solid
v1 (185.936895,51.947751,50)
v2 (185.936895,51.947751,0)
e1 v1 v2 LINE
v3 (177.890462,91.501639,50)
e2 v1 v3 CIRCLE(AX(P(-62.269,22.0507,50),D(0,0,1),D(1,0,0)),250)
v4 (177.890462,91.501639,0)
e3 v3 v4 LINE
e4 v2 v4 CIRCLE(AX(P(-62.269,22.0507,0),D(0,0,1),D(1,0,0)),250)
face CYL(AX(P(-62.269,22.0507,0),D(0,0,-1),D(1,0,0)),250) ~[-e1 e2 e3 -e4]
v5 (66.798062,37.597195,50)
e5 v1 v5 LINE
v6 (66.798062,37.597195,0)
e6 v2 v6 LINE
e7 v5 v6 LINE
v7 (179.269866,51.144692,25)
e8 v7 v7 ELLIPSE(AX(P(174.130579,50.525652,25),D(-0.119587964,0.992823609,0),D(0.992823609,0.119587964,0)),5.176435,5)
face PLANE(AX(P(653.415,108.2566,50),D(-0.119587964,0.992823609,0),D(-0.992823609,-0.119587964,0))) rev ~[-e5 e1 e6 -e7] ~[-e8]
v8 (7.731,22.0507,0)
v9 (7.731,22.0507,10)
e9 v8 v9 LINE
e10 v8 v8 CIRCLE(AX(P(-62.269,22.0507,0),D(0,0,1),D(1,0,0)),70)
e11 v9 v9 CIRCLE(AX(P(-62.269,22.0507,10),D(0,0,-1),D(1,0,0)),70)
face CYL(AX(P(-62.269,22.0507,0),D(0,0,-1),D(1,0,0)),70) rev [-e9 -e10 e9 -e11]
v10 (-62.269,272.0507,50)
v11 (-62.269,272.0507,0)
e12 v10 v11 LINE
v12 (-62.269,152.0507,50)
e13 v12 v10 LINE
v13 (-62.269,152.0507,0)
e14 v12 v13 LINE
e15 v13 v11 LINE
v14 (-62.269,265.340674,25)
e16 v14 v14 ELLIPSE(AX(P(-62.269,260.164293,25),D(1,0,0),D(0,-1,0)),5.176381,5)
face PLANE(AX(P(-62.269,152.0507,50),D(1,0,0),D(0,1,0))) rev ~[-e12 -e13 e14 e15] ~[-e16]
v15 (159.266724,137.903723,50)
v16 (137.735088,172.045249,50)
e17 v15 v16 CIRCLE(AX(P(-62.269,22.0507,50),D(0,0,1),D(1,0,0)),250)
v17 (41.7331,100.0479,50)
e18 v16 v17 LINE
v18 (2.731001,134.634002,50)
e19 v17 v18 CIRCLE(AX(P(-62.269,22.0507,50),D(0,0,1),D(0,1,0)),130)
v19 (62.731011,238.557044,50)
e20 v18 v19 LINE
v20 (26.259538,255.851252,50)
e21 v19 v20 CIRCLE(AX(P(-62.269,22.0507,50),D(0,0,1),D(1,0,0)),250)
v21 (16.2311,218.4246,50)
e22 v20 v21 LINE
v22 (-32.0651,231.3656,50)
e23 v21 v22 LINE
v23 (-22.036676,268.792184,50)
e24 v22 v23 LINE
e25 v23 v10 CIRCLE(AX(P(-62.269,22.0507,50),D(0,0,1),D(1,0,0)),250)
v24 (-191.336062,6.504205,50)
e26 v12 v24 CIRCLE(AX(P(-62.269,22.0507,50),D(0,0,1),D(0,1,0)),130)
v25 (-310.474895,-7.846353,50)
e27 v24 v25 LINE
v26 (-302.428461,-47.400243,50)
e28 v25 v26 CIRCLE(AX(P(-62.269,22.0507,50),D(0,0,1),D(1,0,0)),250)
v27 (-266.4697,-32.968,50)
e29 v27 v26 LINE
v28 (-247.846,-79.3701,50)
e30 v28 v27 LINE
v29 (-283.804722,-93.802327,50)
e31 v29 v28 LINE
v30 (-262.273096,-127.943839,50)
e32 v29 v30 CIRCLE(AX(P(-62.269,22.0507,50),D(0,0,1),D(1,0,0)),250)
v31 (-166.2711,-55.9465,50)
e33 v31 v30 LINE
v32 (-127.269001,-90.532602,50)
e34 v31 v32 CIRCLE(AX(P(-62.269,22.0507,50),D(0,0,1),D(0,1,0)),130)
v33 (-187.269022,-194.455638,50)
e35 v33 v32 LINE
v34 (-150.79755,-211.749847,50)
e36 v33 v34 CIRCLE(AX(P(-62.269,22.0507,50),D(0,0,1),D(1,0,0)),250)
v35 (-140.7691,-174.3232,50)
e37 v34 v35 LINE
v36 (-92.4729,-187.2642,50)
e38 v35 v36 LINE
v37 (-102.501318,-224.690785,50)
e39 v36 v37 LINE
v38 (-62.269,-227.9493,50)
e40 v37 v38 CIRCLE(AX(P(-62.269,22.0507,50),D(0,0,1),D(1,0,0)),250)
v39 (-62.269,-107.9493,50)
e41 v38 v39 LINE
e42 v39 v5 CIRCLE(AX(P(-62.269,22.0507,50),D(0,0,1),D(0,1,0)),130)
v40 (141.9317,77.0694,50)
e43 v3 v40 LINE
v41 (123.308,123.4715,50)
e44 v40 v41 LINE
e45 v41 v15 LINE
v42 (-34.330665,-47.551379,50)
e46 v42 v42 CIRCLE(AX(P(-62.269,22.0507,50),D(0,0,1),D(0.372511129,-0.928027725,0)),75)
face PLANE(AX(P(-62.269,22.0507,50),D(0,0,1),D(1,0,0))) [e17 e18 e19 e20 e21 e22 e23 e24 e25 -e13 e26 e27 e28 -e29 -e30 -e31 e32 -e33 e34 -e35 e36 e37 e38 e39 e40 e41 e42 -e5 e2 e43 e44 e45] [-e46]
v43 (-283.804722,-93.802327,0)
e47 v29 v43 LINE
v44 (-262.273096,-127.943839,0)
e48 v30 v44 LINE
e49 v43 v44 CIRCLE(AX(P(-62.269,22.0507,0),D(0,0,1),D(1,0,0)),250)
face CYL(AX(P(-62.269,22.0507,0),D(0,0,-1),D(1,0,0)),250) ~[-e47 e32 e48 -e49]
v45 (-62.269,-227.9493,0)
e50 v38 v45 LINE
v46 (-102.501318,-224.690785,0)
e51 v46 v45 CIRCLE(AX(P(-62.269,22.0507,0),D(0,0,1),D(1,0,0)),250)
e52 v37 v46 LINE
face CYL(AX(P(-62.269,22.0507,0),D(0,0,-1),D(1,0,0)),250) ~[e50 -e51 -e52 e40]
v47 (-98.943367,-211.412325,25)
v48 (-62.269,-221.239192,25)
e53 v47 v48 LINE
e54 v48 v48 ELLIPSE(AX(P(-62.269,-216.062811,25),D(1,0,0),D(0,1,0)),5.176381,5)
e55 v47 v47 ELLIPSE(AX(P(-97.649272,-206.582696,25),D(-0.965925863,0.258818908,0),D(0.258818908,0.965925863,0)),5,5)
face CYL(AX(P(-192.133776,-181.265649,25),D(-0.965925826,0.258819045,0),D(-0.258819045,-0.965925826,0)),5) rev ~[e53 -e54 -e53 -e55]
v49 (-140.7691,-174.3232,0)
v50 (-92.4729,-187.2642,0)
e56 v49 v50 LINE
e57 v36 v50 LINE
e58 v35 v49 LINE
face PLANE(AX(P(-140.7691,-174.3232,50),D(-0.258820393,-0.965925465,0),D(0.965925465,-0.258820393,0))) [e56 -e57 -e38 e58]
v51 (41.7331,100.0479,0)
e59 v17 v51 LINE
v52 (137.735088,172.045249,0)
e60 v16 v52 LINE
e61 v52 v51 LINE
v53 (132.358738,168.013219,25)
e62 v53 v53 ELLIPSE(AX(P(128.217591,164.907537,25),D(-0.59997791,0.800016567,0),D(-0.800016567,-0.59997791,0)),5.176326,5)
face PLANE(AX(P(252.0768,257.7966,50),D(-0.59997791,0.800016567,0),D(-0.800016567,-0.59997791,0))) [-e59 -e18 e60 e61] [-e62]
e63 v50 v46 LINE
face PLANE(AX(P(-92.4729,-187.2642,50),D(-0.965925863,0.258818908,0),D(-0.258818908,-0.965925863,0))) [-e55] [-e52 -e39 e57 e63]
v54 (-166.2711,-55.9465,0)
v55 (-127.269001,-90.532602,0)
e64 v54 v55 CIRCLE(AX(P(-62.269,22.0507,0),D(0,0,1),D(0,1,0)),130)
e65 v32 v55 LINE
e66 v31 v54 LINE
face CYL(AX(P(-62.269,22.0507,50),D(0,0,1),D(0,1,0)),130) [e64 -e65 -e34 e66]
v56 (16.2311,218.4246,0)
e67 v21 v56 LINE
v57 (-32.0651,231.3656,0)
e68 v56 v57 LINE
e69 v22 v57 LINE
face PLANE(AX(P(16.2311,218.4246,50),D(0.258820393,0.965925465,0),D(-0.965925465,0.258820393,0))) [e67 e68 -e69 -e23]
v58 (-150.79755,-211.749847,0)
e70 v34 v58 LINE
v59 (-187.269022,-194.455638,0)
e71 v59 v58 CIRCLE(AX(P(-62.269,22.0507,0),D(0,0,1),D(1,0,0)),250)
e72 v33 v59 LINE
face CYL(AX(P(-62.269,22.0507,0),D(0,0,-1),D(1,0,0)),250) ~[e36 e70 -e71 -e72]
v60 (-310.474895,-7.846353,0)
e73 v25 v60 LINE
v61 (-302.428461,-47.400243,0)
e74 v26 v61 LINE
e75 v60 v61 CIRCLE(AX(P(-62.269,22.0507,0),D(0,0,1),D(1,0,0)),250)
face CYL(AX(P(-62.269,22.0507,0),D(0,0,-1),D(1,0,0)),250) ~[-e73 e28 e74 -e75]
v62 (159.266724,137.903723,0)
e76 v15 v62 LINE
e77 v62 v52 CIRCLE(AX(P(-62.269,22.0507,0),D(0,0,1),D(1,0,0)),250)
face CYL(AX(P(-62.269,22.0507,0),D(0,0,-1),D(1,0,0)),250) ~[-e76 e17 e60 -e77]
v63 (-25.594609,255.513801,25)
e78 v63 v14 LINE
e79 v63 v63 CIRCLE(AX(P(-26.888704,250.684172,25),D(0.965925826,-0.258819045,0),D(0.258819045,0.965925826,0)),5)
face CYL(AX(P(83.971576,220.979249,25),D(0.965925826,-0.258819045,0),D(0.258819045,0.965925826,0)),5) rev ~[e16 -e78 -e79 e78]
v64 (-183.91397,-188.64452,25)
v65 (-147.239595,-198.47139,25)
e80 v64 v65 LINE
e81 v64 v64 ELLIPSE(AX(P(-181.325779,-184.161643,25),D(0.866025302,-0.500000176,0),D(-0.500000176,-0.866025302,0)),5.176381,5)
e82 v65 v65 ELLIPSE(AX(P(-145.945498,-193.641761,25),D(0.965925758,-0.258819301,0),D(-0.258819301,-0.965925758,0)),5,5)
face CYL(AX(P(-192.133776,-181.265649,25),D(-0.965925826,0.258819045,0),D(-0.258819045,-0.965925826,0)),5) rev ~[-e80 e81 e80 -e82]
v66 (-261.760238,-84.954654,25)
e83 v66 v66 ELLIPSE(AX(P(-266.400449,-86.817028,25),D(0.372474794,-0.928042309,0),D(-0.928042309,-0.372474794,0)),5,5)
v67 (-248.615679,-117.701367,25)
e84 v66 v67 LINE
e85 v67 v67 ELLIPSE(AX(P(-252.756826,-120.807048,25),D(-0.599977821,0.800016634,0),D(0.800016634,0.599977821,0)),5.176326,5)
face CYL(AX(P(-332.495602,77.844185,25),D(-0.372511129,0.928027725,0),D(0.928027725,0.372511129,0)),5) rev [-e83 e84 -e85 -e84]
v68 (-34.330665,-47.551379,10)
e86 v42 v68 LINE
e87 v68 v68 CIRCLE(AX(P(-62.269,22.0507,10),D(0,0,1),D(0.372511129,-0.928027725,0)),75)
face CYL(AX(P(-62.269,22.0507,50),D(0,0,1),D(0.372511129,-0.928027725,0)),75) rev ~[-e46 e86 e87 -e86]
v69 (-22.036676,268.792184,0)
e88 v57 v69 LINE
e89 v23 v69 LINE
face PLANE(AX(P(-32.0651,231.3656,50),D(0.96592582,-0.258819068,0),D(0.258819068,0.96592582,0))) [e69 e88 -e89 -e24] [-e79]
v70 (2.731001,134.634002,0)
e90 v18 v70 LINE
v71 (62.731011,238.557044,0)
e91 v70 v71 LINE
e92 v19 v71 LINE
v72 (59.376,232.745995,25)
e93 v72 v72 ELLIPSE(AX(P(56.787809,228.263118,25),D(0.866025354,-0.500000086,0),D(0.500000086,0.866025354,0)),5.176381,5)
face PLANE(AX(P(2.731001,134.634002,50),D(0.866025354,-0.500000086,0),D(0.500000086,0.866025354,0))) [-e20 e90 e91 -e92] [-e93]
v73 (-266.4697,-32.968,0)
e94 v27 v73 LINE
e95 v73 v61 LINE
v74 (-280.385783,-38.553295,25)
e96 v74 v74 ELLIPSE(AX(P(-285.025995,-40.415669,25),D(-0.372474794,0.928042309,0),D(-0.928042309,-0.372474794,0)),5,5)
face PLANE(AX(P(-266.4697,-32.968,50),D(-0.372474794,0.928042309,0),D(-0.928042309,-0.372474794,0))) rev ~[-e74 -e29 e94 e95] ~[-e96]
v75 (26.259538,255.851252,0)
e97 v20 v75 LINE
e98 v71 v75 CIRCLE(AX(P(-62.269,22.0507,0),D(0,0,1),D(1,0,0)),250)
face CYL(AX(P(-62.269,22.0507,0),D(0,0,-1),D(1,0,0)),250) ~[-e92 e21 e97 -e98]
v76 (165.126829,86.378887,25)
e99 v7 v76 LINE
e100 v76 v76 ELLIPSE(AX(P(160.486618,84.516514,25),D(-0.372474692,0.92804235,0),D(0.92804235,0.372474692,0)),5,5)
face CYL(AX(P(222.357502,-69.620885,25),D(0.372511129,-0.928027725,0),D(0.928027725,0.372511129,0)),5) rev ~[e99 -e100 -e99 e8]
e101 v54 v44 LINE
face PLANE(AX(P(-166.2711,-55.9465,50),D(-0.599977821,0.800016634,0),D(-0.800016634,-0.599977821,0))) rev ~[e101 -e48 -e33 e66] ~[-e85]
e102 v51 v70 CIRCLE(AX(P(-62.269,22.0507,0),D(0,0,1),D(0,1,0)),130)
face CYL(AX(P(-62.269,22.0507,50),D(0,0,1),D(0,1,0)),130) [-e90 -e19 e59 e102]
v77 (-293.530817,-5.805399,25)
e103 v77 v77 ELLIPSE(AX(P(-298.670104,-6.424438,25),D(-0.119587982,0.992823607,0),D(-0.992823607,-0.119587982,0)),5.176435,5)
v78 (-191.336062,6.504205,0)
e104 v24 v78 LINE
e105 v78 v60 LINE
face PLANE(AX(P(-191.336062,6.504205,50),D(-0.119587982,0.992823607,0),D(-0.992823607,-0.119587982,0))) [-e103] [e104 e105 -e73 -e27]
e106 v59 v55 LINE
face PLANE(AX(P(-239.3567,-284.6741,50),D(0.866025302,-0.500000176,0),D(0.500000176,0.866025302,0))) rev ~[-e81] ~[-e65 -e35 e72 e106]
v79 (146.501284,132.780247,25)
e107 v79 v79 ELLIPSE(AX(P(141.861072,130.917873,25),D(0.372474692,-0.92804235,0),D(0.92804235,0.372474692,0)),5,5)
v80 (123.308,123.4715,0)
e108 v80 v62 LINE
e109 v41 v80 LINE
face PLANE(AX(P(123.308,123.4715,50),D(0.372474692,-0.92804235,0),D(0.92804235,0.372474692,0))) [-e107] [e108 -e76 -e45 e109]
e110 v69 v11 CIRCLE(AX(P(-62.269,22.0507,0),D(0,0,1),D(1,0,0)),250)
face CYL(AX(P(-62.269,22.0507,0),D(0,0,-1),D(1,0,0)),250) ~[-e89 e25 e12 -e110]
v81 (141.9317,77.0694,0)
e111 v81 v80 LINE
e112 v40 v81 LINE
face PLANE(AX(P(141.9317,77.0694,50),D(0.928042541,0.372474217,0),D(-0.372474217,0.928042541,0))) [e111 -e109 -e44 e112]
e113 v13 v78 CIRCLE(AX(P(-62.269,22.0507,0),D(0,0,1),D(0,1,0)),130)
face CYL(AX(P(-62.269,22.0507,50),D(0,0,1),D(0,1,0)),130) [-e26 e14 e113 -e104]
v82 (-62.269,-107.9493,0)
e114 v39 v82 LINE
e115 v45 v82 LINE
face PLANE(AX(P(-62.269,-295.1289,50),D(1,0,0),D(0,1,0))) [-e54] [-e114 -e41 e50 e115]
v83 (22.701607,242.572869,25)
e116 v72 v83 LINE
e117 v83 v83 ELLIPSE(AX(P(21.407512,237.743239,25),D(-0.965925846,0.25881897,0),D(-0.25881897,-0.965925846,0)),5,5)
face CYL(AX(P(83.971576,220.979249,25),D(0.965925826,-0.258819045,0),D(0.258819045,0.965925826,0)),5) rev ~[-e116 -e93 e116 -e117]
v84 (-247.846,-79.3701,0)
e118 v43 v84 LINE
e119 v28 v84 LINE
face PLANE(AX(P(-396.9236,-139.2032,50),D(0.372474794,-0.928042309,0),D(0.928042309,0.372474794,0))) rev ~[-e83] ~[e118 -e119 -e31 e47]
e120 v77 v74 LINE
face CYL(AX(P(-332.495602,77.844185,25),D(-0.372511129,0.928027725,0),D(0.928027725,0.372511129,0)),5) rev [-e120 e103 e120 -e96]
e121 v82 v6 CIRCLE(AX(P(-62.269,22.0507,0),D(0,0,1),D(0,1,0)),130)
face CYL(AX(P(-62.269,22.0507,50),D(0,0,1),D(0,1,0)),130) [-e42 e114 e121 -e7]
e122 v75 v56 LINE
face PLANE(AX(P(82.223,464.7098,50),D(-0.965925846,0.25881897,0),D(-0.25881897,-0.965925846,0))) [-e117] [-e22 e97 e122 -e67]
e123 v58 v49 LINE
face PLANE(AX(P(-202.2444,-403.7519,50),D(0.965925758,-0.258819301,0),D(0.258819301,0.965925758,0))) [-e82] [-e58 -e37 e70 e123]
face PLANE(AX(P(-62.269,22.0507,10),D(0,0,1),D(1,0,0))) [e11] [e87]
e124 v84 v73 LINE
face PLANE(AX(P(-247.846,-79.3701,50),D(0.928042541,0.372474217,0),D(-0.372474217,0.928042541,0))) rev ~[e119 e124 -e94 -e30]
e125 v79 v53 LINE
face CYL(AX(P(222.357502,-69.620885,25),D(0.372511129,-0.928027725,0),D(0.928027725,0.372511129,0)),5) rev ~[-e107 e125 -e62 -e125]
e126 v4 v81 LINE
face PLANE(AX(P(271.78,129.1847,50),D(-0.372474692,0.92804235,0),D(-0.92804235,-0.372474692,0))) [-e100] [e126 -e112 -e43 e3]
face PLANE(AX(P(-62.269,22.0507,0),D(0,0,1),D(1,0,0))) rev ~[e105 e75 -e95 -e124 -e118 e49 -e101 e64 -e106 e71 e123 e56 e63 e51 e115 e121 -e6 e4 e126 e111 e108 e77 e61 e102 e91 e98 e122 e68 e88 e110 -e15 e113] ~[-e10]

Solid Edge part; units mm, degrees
sketch "Sketch1" plane through (0, 0, 0) normal (0, 0, 1) x (1, 0, 0)
  circle A0 centre (-62.269, 22.0507) radius 70
  circle A1 centre (-62.269, 22.0507) radius 250
  dimension "D1" = 500
  dimension "D2" = 140
extrude "Protrusion1" add sketch "Sketch1" along normal blind 50
sketch "Sketch2" plane through (-62.269, 22.0507, 50) normal (0, 0, 1) x (0, 1, 0)
  line L0 (-77.9972, 104.0021) -> (-224.2944, 299.0763)
  line L1 (-224.2944, 299.0763) -> (-306.7248, 177.0877)
  line L2 (-306.7248, 177.0877) -> (-112.5833, 65)
  arc A0 (-77.9972, 104.0021) -> (-112.5833, 65) centre (0, 0) ccw
  line L3 (112.5833, -65) -> (403.4538, -232.9342)
  line L4 (403.4538, -232.9342) -> (235.7459, -314.3458)
  line L5 (235.7459, -314.3458) -> (77.9972, -104.0021)
  arc A1 (77.9972, -104.0021) -> (112.5833, -65) centre (0, 0) ccw
  line L6 (-317.1796, 0) -> (-130, 0)
  arc A2 (-130, 0) -> (15.5465, -129.0671) centre (0, 0) ccw
  line L7 (86.2059, -715.684) -> (15.5465, -129.0671)
  line L8 (-317.1796, 0) -> (86.2059, -715.684)
  arc A3 (130, 0) -> (-15.5465, 129.0671) centre (0, 0) ccw
  line L9 (-15.5465, 129.0671) -> (-39.2378, 325.7531)
  line L10 (-39.2378, 325.7531) -> (379.3774, 186.8257)
  line L11 (379.3774, 186.8257) -> (365.0673, 0)
  line L12 (130, 0) -> (365.0673, 0)
extrude "Cutout1" cut sketch "Sketch2" against normal through all
sketch "Sketch3" plane through (-62.269, 22.0507, 50) normal (0, 0, 1) x (0, 1, 0)
  line L0 (-425.8026, 139.9754) -> (-196.3739, 78.5001)
  line L1 (-196.3739, 78.5001) -> (-209.3149, 30.2039)
  line L2 (-209.3149, 30.2039) -> (-438.7436, 91.6791)
  line L3 (-438.7436, 91.6791) -> (-425.8026, 139.9754)
  line L4 (101.4208, -185.577) -> (153.5361, -315.4253)
  line L5 (153.5361, -315.4253) -> (107.134, -334.049)
  line L6 (107.134, -334.049) -> (55.0187, -204.2007)
  line L7 (55.0187, -204.2007) -> (101.4208, -185.577)
  line L8 (209.3149, -30.2039) -> (455.6, -96.1958)
  line L9 (455.6, -96.1958) -> (442.6591, -144.492)
  line L10 (442.6591, -144.492) -> (196.3739, -78.5001)
  line L11 (196.3739, -78.5001) -> (209.3149, -30.2039)
  line L12 (-161.2539, 334.6546) -> (-101.4208, 185.577)
  line L13 (-101.4208, 185.577) -> (-55.0187, 204.2007)
  line L14 (-55.0187, 204.2007) -> (-114.8518, 353.2783)
  line L15 (-114.8518, 353.2783) -> (-161.2539, 334.6546)
  dimension "D1" = 160.6366
  dimension "D2" = 50
  dimension "D3" = 40
  dimension "D4" = 50
  dimension "D5" = 40
  dimension "D6" = 50
  dimension "D7" = 50
  dimension "D8" = 40
  dimension "D9" = 40
extrude "Cutout2" cut sketch "Sketch3" against normal through all
sketch "Sketch4" plane through (-62.269, 22.0507, 50) normal (0, 0, 1) x (0.3725, -0.928, 0)
  circle A0 centre (0, 0) radius 75
  dimension "D1" = 150
extrude "Cutout3" cut sketch "Sketch4" against normal blind 40
sketch "Sketch5" plane through (-331.9141, 78.0776, 25) normal (0.3725, -0.928, 0) x (0.928, 0.3725, 0)
  circle A0 centre (-0.6266, 0) radius 5
  dimension "D1" = 10
  dimension "D2" = 20
extrude "ExtrudedCutout_18" cut sketch "Sketch5" along normal through all
sketch "Sketch6" plane through (-191.9716, -180.6604, 25) normal (-0.9659, 0.2588, 0) x (-0.2588, -0.9659, 0)
  circle A0 centre (0.6266, 0) radius 5
  dimension "D1" = 10
  dimension "D2" = 20
extrude "ExtrudedCutout_19" cut sketch "Sketch6" against normal through all
sketch "Sketch7" plane through (221.776, -69.8543, 25) normal (0.3725, -0.928, 0) x (0.928, 0.3725, 0)
  circle A0 centre (0.6266, 0) radius 5
  dimension "D1" = 10
  dimension "D2" = 20
extrude "ExtrudedCutout_20" cut sketch "Sketch7" against normal through all
sketch "Sketch8" plane through (83.8094, 220.374, 25) normal (0.9659, -0.2588, 0) x (0.2588, 0.9659, 0)
  circle A0 centre (0.6266, 0) radius 5
  dimension "D1" = 10
  dimension "D2" = 20
extrude "ExtrudedCutout_21" cut sketch "Sketch8" against normal through all
properties material "Aluminum, 6061-T6"
